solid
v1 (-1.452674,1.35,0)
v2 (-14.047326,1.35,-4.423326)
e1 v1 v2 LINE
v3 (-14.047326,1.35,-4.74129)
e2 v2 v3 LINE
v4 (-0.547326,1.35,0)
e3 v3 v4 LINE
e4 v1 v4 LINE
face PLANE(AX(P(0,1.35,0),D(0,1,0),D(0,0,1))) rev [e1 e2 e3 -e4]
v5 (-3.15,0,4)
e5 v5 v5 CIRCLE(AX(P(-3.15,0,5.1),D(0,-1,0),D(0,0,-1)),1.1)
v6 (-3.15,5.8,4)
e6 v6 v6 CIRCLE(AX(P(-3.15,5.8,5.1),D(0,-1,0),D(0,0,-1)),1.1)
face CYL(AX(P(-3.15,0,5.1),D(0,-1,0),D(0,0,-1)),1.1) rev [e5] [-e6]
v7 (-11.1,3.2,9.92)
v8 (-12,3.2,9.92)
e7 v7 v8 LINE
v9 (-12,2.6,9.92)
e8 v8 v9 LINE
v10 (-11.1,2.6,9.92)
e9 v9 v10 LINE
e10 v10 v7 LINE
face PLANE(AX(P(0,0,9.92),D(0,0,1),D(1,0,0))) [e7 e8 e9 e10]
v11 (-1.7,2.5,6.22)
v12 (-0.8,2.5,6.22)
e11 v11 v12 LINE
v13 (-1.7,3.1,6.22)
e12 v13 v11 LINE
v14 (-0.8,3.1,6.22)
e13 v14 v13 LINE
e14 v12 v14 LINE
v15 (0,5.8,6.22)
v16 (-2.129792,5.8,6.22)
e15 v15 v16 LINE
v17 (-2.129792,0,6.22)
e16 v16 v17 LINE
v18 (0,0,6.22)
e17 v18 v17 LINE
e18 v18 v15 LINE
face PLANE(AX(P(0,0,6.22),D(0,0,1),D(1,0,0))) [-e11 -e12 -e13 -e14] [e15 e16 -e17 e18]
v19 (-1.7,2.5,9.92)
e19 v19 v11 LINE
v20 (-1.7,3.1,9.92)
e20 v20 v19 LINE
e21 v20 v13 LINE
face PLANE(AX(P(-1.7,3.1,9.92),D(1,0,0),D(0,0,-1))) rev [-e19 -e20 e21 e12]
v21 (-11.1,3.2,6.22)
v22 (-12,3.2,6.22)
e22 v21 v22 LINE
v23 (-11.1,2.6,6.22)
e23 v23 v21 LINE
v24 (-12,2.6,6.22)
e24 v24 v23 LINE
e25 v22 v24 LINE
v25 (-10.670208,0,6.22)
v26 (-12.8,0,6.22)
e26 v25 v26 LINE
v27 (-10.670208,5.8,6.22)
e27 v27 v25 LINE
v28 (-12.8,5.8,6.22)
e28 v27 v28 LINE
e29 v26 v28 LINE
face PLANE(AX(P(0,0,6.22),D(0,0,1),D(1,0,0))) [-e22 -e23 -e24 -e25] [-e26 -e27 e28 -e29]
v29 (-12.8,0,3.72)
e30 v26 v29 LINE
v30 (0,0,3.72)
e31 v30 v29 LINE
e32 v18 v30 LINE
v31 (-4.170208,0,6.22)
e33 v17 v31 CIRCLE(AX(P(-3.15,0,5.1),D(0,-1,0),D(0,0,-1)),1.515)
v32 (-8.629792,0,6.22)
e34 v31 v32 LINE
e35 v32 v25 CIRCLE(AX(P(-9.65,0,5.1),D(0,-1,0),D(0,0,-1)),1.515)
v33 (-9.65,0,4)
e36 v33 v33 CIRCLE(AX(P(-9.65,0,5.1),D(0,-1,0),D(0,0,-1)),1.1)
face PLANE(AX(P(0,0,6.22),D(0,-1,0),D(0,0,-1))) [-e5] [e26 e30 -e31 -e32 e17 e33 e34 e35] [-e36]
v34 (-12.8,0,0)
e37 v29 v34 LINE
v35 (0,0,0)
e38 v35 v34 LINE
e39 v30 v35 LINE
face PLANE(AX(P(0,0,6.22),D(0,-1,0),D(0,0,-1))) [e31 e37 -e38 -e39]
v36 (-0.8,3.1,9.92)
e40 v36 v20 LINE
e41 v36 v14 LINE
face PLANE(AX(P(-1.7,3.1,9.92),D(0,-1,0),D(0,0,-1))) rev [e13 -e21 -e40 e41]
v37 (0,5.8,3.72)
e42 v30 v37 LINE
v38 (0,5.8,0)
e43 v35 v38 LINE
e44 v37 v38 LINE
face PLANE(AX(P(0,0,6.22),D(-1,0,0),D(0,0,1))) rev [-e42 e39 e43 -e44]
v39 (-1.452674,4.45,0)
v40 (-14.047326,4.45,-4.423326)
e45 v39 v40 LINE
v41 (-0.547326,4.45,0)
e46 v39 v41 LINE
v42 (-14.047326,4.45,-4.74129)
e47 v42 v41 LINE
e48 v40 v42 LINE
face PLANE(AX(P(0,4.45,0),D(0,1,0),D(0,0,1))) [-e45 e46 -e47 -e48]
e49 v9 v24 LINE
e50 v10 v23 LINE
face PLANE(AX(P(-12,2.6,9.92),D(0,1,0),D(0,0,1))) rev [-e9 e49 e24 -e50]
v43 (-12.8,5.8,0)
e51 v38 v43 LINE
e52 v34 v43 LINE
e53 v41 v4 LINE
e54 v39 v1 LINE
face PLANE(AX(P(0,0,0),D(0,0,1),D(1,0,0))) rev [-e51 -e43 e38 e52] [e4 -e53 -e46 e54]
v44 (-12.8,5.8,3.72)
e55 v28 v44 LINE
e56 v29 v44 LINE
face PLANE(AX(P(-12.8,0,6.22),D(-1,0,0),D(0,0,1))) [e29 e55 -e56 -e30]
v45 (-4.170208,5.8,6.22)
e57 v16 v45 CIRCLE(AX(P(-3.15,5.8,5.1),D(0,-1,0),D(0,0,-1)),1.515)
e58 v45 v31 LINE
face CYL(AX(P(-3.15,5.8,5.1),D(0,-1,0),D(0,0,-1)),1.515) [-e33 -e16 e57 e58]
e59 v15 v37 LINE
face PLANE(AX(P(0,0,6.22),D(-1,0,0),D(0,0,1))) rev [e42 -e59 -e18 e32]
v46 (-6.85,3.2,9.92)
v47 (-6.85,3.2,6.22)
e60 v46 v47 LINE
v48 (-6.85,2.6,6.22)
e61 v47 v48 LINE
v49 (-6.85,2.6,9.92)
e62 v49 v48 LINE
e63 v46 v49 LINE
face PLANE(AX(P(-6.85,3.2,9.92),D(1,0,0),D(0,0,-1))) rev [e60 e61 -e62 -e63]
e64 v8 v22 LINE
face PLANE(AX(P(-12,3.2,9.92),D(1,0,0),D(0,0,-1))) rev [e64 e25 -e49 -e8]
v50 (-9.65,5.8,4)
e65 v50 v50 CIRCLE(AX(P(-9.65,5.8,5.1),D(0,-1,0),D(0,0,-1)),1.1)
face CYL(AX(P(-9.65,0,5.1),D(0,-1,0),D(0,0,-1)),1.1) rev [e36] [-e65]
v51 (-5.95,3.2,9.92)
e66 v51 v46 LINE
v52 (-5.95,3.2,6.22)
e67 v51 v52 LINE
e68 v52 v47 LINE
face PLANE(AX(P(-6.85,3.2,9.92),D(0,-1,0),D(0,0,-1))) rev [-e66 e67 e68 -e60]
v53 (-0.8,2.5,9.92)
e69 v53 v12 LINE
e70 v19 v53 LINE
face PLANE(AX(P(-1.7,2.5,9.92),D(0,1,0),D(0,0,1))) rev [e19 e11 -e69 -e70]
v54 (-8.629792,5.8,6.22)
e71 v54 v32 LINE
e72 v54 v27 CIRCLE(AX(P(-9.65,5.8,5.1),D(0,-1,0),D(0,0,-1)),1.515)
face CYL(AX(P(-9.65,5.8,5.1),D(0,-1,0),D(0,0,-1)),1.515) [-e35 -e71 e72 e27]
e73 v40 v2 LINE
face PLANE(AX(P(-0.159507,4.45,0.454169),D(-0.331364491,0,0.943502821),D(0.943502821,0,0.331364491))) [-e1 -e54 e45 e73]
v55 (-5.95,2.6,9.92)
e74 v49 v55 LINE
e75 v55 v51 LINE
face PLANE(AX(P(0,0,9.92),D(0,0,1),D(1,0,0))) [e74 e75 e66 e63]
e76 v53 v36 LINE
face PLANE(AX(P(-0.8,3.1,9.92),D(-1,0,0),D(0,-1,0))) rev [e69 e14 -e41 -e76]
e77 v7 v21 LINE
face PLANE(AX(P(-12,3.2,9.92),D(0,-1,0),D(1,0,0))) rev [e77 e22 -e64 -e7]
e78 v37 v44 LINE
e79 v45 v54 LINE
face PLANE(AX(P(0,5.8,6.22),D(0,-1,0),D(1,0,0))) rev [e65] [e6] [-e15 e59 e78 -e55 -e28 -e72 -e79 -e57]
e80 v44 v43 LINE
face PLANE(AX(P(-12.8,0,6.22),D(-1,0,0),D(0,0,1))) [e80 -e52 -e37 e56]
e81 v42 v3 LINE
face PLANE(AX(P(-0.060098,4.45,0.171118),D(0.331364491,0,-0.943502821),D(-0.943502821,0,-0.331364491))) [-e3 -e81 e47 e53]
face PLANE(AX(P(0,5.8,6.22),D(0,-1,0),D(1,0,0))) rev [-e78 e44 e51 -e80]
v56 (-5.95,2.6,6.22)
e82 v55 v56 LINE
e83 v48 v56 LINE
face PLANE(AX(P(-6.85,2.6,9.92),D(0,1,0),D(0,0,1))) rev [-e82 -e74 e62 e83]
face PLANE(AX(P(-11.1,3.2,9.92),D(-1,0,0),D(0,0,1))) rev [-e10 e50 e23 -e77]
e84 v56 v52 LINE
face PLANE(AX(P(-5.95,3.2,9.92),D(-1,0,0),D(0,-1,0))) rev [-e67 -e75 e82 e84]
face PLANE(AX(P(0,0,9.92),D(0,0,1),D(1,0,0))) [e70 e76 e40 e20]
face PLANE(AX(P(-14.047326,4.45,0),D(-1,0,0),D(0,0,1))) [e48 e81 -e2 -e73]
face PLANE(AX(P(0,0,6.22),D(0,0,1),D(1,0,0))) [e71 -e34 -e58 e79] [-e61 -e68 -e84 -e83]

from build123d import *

# Parameters (mm, degrees)
SKETCH2_W            = 12.8
SKETCH2_H            = 5.8
BOSS_EXTRUDE1_DEPTH  = 6.22
M2_CLEARANCE_HOLE1_D = 2.2
BOSS_EXTRUDE2_DEPTH  = 5.8
SKETCH17_W           = 0.9
SKETCH17_H           = 0.6
BOSS_EXTRUDE3_DEPTH  = 3.7
BOSS_EXTRUDE5_DEPTH  = 3.1


with BuildPart() as part:
    # Sketch2 → Boss-Extrude1 (new body)
    with BuildSketch(Plane.XY):
        with Locations((-6.4, 2.9)):
            Rectangle(SKETCH2_W, SKETCH2_H)
    extrude(amount=BOSS_EXTRUDE1_DEPTH)

    # M2 Clearance Hole1 (through all)
    with Locations(Plane(origin=(0, 0, 0), x_dir=(-1, 0, 0), z_dir=(0, -1, 0))):
        with Locations((9.65, -5.1), (3.15, -5.1)):
            Hole(M2_CLEARANCE_HOLE1_D / 2)

    # Sketch16 → Boss-Extrude2 (add, through all)
    with BuildSketch(Plane.XZ):
        with BuildLine():
            Line((-10.670208312, 6.22), (-8.629791688, 6.22))
            ThreePointArc((-8.629791688, 6.22), (-9.65, 6.615), (-10.670208312, 6.22))
        make_face()
        with BuildLine():
            Line((-4.170208312, 6.22), (-2.129791688, 6.22))
            ThreePointArc((-2.129791688, 6.22), (-3.15, 6.615), (-4.170208312, 6.22))
        make_face()
    extrude(amount=-BOSS_EXTRUDE2_DEPTH)

    # Sketch17 → Boss-Extrude3 (add)
    with BuildSketch(Plane.XY.offset(6.22)):
        with Locations((-6.4, 2.9)):
            Rectangle(SKETCH17_W, SKETCH17_H)
        with Locations((-11.55, 2.9)):
            Rectangle(SKETCH17_W, SKETCH17_H)
        with Locations((-1.25, 2.8)):
            Rectangle(SKETCH17_W, SKETCH17_H)
    extrude(amount=BOSS_EXTRUDE3_DEPTH)

    # Sketch19 → Boss-Extrude5 (add)
    with BuildSketch(Plane(origin=(0, 1.35, 0), x_dir=(1, 0, 0), z_dir=(0, 1, 0))):
        Polygon((-4.3, 1), (-1.452673729, 0), (-1, 0), (-0.547326271, 0), (-0.950295326, 0.141525423), (-14.047326271, 4.741290149), (-14.047326271, 4.423326076), align=None)
    extrude(amount=BOSS_EXTRUDE5_DEPTH)


solid = part.part
